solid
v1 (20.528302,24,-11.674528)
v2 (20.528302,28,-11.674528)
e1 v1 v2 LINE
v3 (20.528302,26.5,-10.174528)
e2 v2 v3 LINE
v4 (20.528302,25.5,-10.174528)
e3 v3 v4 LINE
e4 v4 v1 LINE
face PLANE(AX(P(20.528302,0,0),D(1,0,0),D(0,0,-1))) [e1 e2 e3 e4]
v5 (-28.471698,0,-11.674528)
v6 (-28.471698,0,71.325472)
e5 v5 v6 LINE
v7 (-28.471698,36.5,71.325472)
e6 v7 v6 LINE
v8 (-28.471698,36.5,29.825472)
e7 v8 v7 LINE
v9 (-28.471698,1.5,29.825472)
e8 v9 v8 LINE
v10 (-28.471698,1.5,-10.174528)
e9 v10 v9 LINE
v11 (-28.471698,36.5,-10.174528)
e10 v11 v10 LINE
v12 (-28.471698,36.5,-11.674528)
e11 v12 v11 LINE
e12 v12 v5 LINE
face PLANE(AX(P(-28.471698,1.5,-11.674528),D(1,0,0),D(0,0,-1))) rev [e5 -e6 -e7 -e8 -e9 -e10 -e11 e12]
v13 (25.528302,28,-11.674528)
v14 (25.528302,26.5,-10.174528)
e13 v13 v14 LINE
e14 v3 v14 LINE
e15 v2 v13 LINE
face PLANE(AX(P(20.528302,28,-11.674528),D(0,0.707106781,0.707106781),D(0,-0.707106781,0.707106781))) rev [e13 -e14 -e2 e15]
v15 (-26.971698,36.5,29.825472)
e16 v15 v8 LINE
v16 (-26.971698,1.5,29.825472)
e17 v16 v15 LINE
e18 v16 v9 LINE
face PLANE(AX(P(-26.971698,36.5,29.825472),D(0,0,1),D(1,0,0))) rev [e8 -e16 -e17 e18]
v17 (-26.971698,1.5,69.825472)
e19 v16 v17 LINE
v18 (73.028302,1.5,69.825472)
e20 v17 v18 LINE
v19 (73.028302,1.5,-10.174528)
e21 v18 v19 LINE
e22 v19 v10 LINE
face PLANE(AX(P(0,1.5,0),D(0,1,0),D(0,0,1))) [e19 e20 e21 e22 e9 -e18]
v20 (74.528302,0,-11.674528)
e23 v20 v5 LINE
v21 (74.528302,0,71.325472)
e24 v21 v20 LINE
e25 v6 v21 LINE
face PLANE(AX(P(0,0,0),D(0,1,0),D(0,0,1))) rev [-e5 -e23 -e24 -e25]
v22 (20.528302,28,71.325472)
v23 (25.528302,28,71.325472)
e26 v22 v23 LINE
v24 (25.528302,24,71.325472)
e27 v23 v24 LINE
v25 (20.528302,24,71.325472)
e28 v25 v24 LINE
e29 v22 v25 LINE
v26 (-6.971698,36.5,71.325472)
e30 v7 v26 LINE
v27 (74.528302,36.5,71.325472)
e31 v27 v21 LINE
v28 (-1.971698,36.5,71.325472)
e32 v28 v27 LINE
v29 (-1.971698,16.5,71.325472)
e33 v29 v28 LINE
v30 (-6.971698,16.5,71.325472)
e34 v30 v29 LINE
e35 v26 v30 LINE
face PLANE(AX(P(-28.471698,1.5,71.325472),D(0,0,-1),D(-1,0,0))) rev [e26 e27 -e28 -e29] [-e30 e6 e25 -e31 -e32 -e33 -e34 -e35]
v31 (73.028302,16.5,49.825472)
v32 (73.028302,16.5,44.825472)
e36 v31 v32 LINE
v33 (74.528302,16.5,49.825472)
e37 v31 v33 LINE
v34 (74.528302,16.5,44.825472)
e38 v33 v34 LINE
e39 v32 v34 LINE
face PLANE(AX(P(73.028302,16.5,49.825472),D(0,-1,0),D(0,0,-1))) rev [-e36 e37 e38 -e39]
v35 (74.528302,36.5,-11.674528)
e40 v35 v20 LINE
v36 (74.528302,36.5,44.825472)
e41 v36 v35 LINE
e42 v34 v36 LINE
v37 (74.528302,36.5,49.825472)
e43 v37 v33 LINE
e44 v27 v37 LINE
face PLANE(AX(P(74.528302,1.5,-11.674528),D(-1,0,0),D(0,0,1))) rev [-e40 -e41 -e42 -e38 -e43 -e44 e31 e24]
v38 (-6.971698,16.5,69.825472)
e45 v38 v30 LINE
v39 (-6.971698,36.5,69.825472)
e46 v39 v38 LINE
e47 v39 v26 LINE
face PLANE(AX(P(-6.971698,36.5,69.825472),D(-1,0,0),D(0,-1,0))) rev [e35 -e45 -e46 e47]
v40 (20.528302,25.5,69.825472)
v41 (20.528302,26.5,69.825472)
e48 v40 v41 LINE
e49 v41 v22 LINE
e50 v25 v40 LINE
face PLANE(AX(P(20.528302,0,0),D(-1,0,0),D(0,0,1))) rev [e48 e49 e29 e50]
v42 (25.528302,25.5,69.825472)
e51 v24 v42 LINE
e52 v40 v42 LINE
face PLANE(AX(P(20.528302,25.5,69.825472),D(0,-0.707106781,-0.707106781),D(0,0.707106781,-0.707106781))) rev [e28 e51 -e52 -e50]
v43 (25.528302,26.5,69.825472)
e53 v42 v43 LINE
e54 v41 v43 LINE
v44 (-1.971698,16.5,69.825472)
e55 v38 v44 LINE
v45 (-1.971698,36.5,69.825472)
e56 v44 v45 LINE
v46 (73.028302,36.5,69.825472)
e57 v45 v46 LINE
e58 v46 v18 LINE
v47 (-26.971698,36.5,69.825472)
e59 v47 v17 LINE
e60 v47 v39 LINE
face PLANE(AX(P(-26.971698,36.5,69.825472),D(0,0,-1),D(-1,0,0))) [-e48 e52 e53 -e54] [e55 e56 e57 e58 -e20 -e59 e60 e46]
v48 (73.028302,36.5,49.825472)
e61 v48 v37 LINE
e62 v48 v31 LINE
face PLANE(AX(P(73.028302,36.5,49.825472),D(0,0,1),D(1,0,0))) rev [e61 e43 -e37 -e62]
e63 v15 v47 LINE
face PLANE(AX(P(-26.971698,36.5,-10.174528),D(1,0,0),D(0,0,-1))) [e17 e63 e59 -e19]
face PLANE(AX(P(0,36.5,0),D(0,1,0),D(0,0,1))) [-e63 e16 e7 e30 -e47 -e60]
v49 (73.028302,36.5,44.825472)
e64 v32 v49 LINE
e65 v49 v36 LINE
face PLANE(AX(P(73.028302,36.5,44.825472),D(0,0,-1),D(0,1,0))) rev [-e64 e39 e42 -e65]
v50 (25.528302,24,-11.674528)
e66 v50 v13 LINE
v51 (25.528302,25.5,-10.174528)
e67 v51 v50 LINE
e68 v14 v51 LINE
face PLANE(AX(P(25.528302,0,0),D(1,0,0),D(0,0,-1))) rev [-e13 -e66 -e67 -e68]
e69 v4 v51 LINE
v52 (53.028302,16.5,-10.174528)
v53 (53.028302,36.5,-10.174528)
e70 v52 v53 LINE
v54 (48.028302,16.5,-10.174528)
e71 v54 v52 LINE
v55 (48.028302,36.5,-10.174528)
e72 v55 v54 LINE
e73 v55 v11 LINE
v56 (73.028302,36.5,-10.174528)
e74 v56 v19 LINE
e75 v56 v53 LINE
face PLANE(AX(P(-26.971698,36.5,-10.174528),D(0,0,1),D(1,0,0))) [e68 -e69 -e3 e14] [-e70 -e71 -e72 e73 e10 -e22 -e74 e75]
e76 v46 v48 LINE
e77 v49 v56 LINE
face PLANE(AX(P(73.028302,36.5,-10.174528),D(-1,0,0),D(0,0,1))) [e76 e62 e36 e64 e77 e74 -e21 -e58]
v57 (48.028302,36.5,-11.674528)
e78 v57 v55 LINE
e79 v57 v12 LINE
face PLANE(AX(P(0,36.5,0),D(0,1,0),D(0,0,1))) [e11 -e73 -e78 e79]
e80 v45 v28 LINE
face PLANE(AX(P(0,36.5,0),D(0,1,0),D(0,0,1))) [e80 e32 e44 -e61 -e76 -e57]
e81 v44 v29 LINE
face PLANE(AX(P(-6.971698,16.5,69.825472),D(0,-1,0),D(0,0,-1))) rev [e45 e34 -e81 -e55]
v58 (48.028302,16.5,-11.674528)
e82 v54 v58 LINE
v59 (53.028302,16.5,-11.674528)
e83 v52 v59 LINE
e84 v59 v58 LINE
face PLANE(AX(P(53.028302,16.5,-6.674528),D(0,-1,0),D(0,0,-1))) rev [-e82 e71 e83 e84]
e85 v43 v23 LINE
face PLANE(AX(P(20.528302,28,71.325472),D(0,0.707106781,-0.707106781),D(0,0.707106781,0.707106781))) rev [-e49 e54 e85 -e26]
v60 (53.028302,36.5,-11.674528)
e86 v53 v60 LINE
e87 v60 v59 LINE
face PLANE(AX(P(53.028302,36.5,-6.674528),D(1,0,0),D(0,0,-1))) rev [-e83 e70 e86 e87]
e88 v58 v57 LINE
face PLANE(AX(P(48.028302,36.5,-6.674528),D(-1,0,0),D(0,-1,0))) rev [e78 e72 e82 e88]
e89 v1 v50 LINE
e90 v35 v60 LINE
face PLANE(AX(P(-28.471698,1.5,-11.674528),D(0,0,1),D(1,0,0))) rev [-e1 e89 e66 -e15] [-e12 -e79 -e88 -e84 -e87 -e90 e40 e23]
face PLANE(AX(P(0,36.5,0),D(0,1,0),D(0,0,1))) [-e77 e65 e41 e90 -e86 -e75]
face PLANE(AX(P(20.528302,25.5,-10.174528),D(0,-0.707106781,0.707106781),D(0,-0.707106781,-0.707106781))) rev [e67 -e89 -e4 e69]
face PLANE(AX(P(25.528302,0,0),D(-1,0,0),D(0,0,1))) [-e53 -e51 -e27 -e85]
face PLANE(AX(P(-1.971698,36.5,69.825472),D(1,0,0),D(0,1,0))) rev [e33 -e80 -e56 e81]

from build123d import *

# Parameters (mm, degrees)
SKETCH1_W           = 103
SKETCH1_H           = 83
BOSS_EXTRUDE1_DEPTH = 1.5
SKETCH2_W           = 103
SKETCH2_H           = 83
SKETCH2_W_2         = 100
SKETCH2_H_2         = 80
BOSS_EXTRUDE2_DEPTH = 35
SKETCH4_W           = 40
SKETCH4_H           = 35
CUT_EXTRUDE2_DEPTH  = 1.5
SKETCH5_W           = 5
SKETCH5_H           = 20
CUT_EXTRUDE3_DEPTH  = 1.5
SKETCH6_W           = 5
SKETCH6_H           = 20
CUT_EXTRUDE4_DEPTH  = 1.5
CUT_EXTRUDE5_DEPTH  = 2.5
SKETCH9_W           = 5
SKETCH9_H           = 20
CUT_EXTRUDE6_DEPTH  = 5


with BuildPart() as part:
    # Sketch1 → Boss-Extrude1 (new body)
    with BuildSketch(Plane(origin=(0, 0, 0), x_dir=(1, 0, 0), z_dir=(0, 1, 0))):
        with Locations((23.028301887, -29.825471698)):
            Rectangle(SKETCH1_W, SKETCH1_H)
    extrude(amount=BOSS_EXTRUDE1_DEPTH)

    # Sketch2 → Boss-Extrude2 (add)
    with BuildSketch(Plane(origin=(0, 1.5, 0), x_dir=(1, 0, 0), z_dir=(0, 1, 0))):
        with Locations((23.028301887, -29.825471698)):
            Rectangle(SKETCH2_W, SKETCH2_H)
        with Locations((23.028301887, -29.825471698)):
            Rectangle(SKETCH2_W_2, SKETCH2_H_2, mode=Mode.SUBTRACT)
    extrude(amount=BOSS_EXTRUDE2_DEPTH)

    # Sketch4 → Cut-Extrude2 (cut)
    with BuildSketch(Plane.ZY.offset(28.471698113)):
        with Locations((9.825471698, 19)):
            Rectangle(SKETCH4_W, SKETCH4_H)
    extrude(amount=-CUT_EXTRUDE2_DEPTH, mode=Mode.SUBTRACT)

    # Sketch5 → Cut-Extrude3 (cut)
    with BuildSketch(Plane.XY.offset(71.325471698)):
        with Locations((-4.471698113, 26.5)):
            Rectangle(SKETCH5_W, SKETCH5_H)
    extrude(amount=-CUT_EXTRUDE3_DEPTH, mode=Mode.SUBTRACT)

    # Sketch6 → Cut-Extrude4 (cut)
    with BuildSketch(Plane(origin=(74.528301887, 0, 0), x_dir=(0, 0, -1), z_dir=(1, 0, 0))):
        with Locations((-47.325471698, 26.5)):
            Rectangle(SKETCH6_W, SKETCH6_H)
    extrude(amount=-CUT_EXTRUDE4_DEPTH, mode=Mode.SUBTRACT)

    # Sketch7 → Cut-Extrude5 (cut, symmetric)
    with BuildSketch(Plane(origin=(23.028301887, 0, 0), x_dir=(0, 0, -1), z_dir=(1, 0, 0))):
        Polygon((-71.325471698, 28), (-69.825471698, 26.5), (-69.825471698, 25.5), (-71.325471698, 24), align=None)
        Polygon((11.674528302, 28), (11.674528302, 24), (10.174528302, 25.5), (10.174528302, 26.5), align=None)
    extrude(amount=CUT_EXTRUDE5_DEPTH, both=True, mode=Mode.SUBTRACT)

    # Sketch9 → Cut-Extrude6 (cut)
    with BuildSketch(Plane(origin=(0, 0, -11.674528302), x_dir=(-1, 0, 0), z_dir=(0, 0, -1))):
        with Locations((-50.528301887, 26.5)):
            Rectangle(SKETCH9_W, SKETCH9_H)
    extrude(amount=-CUT_EXTRUDE6_DEPTH, mode=Mode.SUBTRACT)


solid = part.part
